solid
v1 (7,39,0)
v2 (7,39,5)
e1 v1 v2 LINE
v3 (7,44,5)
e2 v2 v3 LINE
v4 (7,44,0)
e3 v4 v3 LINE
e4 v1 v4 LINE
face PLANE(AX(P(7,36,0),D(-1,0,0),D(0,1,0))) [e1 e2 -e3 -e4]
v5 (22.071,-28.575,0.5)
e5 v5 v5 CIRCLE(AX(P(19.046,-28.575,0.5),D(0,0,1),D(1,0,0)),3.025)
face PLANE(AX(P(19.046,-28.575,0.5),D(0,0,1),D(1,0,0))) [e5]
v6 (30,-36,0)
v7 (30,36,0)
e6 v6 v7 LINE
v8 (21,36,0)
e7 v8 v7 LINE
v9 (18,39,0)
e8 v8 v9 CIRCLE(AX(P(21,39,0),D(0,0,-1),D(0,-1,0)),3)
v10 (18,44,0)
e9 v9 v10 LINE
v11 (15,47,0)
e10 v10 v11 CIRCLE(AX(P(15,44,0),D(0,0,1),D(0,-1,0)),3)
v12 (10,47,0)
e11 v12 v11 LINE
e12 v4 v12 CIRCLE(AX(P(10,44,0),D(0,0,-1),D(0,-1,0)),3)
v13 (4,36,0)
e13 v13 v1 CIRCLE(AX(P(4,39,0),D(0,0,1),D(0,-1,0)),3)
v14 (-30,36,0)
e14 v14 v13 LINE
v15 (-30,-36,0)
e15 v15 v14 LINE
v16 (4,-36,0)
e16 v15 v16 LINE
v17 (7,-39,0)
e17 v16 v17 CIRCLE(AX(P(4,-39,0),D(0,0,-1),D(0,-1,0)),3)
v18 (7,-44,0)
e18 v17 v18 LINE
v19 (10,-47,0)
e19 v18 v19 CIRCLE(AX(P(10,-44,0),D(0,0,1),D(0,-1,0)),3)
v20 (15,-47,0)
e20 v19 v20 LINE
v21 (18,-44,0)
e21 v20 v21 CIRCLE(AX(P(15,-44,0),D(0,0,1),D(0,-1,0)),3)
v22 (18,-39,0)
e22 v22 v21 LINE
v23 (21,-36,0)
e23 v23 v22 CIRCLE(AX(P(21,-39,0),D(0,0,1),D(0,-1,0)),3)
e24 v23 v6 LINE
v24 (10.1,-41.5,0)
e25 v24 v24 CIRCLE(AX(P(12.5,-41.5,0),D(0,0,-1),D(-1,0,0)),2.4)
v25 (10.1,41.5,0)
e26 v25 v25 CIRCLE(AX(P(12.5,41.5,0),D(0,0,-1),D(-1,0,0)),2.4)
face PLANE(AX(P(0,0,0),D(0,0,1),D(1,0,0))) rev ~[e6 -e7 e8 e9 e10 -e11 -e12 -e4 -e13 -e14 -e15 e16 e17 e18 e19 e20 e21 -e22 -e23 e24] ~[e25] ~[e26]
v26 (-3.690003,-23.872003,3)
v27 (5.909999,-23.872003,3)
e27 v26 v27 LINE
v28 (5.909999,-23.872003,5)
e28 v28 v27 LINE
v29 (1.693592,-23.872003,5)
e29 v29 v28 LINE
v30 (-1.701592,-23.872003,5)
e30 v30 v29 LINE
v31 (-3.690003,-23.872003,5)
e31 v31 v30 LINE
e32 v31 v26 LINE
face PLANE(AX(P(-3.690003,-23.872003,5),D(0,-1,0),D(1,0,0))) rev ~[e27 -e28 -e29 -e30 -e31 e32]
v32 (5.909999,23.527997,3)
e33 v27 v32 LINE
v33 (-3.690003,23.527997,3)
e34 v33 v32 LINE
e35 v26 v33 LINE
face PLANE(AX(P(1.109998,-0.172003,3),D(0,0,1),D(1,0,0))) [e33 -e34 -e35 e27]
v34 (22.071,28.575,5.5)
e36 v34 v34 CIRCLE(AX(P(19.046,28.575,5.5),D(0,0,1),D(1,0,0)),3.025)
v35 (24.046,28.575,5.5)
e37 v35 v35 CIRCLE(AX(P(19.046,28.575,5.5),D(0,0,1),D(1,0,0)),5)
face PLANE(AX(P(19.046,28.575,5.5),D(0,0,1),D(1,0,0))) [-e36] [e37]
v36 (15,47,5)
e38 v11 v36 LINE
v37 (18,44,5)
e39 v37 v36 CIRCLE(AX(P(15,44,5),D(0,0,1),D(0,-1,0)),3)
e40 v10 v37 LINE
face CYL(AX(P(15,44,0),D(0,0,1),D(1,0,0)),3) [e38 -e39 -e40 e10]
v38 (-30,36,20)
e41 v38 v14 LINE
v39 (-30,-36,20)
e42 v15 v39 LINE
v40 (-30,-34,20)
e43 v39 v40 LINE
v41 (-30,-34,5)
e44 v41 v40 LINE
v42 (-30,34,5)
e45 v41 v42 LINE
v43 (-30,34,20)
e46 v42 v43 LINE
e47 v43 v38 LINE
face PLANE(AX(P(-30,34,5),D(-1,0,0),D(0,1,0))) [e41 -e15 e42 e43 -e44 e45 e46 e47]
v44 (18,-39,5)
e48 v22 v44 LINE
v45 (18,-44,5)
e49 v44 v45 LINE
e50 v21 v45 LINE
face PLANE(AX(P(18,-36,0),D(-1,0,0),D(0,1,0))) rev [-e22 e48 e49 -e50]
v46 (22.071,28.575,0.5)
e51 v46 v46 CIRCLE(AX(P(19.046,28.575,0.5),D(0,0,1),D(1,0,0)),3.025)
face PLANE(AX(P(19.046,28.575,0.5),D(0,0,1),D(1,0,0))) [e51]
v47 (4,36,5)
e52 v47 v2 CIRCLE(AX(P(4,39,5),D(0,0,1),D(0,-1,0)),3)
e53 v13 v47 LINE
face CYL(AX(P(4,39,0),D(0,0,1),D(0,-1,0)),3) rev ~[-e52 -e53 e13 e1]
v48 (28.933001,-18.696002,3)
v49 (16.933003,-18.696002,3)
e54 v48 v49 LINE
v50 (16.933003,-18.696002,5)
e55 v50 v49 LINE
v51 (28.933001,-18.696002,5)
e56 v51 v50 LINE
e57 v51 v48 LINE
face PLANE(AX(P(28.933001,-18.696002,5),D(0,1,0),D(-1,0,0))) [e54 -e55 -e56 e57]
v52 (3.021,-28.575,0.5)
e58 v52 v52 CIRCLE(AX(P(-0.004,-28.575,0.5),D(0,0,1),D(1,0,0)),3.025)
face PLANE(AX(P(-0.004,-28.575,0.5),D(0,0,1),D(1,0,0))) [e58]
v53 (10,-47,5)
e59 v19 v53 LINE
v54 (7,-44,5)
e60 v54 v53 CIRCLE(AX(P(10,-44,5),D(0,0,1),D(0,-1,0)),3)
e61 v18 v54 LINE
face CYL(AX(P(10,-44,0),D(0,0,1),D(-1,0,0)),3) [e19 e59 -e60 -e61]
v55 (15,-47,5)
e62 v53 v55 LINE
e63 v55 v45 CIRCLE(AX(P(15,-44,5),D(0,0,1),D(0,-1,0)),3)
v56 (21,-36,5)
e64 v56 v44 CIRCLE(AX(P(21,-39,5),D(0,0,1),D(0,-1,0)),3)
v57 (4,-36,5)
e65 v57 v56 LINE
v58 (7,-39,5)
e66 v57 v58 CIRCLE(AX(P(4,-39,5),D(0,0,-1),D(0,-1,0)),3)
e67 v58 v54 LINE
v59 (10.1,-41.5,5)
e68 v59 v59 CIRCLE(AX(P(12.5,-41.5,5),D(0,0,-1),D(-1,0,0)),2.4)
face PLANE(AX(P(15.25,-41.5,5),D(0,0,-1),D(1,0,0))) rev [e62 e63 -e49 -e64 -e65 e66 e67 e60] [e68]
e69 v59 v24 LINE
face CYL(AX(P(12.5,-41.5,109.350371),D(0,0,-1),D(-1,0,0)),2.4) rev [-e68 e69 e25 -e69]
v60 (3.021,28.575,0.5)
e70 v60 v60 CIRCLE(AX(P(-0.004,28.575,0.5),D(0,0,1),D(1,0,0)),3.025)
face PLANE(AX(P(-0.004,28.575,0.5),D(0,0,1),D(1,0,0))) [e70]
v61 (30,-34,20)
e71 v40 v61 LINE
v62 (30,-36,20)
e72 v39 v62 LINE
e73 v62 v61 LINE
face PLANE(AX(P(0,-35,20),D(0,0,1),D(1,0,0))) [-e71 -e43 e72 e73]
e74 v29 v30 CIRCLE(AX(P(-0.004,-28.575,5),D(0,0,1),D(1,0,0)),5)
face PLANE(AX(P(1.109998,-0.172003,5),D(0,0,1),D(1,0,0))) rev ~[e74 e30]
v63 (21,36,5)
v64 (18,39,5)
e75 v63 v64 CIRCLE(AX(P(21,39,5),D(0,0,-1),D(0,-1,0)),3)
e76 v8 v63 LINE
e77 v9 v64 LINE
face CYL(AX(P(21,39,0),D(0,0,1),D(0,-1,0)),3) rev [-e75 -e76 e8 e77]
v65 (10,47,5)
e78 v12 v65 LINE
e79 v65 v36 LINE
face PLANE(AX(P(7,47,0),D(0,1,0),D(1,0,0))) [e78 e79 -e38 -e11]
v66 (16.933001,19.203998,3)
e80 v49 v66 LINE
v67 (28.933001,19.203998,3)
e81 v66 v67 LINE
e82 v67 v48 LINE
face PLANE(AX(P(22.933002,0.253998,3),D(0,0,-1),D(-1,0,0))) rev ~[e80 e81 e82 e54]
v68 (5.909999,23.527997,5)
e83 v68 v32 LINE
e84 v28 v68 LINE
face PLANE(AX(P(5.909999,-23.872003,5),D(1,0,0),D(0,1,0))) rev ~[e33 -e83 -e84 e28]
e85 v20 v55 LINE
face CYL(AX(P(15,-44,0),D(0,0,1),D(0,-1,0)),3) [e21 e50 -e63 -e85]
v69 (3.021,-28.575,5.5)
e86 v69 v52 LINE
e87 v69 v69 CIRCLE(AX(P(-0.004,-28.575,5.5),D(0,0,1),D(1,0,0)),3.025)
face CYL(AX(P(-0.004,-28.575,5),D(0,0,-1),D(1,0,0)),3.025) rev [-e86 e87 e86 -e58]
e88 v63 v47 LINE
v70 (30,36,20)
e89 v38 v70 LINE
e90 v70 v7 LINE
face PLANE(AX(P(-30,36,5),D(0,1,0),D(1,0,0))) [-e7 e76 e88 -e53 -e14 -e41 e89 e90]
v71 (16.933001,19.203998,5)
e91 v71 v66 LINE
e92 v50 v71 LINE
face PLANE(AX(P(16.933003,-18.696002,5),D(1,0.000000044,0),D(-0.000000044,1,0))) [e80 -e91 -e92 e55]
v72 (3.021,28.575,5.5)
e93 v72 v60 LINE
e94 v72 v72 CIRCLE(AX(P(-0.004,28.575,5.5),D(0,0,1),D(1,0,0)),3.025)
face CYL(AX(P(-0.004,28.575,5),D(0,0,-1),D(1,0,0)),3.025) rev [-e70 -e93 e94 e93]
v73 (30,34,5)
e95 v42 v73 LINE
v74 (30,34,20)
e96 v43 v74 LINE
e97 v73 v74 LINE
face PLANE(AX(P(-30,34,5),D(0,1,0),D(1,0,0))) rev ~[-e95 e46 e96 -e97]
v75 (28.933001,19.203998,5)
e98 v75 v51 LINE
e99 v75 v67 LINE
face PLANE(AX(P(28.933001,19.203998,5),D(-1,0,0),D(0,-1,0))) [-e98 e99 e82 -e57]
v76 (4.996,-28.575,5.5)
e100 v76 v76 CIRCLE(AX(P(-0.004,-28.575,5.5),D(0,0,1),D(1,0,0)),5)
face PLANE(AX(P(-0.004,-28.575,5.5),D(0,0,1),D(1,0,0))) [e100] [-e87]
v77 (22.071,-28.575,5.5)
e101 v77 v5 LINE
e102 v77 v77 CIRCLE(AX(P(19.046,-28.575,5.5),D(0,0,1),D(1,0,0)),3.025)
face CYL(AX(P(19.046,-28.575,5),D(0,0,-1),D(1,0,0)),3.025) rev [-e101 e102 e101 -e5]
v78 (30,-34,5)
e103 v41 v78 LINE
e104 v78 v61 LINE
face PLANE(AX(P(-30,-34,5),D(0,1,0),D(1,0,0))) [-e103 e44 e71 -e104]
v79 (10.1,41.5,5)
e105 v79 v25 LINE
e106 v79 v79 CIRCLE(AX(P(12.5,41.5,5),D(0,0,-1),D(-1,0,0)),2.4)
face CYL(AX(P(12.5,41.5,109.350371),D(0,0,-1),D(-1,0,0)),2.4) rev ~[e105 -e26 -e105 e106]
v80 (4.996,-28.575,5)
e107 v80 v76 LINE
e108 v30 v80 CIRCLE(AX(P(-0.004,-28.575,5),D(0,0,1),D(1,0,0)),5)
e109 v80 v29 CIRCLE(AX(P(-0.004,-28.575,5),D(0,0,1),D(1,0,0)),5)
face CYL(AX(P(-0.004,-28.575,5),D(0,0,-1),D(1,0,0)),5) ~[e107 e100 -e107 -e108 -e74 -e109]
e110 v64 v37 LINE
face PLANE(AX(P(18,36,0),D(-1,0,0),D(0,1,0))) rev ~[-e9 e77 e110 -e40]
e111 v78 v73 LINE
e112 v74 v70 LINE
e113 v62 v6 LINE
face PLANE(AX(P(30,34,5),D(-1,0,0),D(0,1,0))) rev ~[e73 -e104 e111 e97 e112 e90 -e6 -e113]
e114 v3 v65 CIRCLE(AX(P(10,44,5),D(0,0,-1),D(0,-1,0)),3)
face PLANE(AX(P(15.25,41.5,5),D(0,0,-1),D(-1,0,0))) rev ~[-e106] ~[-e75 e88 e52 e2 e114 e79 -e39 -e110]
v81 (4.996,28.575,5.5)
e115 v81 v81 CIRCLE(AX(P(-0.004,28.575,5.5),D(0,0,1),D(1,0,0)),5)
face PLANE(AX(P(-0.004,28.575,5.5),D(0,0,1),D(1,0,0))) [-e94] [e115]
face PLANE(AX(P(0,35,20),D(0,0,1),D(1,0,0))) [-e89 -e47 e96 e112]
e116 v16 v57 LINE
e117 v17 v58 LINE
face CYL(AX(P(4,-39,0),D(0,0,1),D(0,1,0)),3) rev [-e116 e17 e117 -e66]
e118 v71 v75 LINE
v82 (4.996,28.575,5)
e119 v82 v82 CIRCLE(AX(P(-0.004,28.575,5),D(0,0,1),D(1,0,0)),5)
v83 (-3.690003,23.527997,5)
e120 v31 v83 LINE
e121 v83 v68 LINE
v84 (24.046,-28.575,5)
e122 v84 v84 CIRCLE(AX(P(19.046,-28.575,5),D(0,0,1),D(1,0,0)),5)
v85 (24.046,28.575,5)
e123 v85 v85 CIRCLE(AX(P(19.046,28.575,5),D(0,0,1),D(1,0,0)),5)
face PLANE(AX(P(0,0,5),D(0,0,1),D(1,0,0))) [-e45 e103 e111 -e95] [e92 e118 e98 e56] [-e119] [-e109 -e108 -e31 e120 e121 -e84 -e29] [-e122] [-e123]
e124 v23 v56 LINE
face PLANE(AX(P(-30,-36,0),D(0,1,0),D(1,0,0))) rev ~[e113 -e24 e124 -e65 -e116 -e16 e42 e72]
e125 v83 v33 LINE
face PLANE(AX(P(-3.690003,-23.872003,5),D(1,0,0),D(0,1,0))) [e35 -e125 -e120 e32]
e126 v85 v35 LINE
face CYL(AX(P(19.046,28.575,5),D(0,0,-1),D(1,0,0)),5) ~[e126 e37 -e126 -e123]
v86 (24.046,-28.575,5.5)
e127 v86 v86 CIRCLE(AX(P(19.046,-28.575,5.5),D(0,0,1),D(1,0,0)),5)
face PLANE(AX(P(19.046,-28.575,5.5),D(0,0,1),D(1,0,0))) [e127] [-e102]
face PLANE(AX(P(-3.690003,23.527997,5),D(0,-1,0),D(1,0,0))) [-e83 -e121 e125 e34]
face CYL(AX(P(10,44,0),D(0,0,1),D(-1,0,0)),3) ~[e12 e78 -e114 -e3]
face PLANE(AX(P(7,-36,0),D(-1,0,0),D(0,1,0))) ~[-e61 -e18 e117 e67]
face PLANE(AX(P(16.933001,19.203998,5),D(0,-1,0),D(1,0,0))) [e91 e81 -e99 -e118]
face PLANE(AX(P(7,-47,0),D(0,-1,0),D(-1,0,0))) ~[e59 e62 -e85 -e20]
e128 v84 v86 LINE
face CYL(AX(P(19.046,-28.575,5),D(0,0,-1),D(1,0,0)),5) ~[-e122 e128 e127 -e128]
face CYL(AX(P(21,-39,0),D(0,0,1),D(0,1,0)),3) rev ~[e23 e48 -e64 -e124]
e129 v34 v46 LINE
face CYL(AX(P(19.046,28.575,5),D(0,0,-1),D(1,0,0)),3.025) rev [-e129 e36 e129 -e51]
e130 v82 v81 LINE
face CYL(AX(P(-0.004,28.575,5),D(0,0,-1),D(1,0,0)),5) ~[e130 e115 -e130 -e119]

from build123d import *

# Parameters (mm, degrees)
SKETCH3_W            = 60
SKETCH3_H            = 72
BOSS_EXTRUDE1_DEPTH  = 5
SKETCH5_R            = 5
SKETCH5_R_2          = 3.025
BOSS_EXTRUDE2_DEPTH  = 0.5
CUT_EXTRUDE1_START   = -4.5
SKETCH6_R            = 3.025
CUT_EXTRUDE1_DEPTH   = 4.5
SKETCH8_W            = 9.600002072
SKETCH8_H            = 47.399999581
CUT_EXTRUDE2_DEPTH   = 2
SKETCH10_W           = 60
SKETCH10_H           = 2
BOSS_EXTRUDE3_DEPTH  = 15
SKETCH11_W           = 5.5
SKETCH11_H           = 11
BOSS_EXTRUDE4_DEPTH  = 5
M4_CLEARANCE_HOLE1_D = 4.8
FILLET2_R            = 3


with BuildPart() as part:
    # Sketch3 → Boss-Extrude1 (new body)
    with BuildSketch(Plane.XY):
        Rectangle(SKETCH3_W, SKETCH3_H)
    extrude(amount=BOSS_EXTRUDE1_DEPTH)

    # Sketch5 → Boss-Extrude2 (add)
    # profile 1 of 4: a face of its own
    with BuildSketch(Plane.XY.offset(5)):
        with Locations((19.046, 28.575)):
            Circle(SKETCH5_R)
        with Locations((19.046, 28.575)):
            Circle(SKETCH5_R_2, mode=Mode.SUBTRACT)
    # profile 2 of 4: a face of its own
    with BuildSketch(Plane.XY.offset(5)):
        with Locations((19.046, -28.575)):
            Circle(SKETCH5_R)
        with Locations((19.046, -28.575)):
            Circle(SKETCH5_R_2, mode=Mode.SUBTRACT)
    # profile 3 of 4: a face of its own
    with BuildSketch(Plane.XY.offset(5)):
        with Locations((-0.004, -28.575)):
            Circle(SKETCH5_R)
        with Locations((-0.004, -28.575)):
            Circle(SKETCH5_R_2, mode=Mode.SUBTRACT)
    # profile 4 of 4: a face of its own
    with BuildSketch(Plane.XY.offset(5)):
        with Locations((-0.004, 28.575)):
            Circle(SKETCH5_R)
        with Locations((-0.004, 28.575)):
            Circle(SKETCH5_R_2, mode=Mode.SUBTRACT)
    extrude(amount=BOSS_EXTRUDE2_DEPTH)

    # Sketch6 → Cut-Extrude1 (cut)
    with BuildSketch(Plane.XY.offset(5).offset(CUT_EXTRUDE1_START)):
        with Locations((-0.004, 28.575)):
            Circle(SKETCH6_R)
        with Locations((19.046, 28.575)):
            Circle(SKETCH6_R)
        with Locations((-0.004, -28.575)):
            Circle(SKETCH6_R)
        with Locations((19.046, -28.575)):
            Circle(SKETCH6_R)
    extrude(amount=CUT_EXTRUDE1_DEPTH, mode=Mode.SUBTRACT)

    # Sketch8 → Cut-Extrude2 (cut)
    with BuildSketch(Plane.XY.offset(5)):
        with Locations((1.109998413, -0.172003205)):
            Rectangle(SKETCH8_W, SKETCH8_H)
        Polygon((16.933001492, 19.203997676), (28.933001492, 19.203997676), (28.933001492, -18.696002324), (16.933003148, -18.696002324), align=None)
    extrude(amount=-CUT_EXTRUDE2_DEPTH, mode=Mode.SUBTRACT)

    # Sketch10 → Boss-Extrude3 (add)
    with BuildSketch(Plane.XY.offset(5)):
        with Locations((0, 35)):
            Rectangle(SKETCH10_W, SKETCH10_H)
        with Locations((0, -35)):
            Rectangle(SKETCH10_W, SKETCH10_H)
    extrude(amount=BOSS_EXTRUDE3_DEPTH)

    # Sketch11 → Boss-Extrude4 (add)
    with BuildSketch(Plane(origin=(0, 0, 0), x_dir=(-1, 0, 0), z_dir=(0, 0, -1))):
        with Locations((-15.25, 41.5)):
            Rectangle(SKETCH11_W, SKETCH11_H)
        with Locations((-9.75, 41.5)):
            Rectangle(SKETCH11_W, SKETCH11_H)
    boss_extrude4 = extrude(amount=-BOSS_EXTRUDE4_DEPTH)

    # M4 Clearance Hole1 (through all)
    with Locations(Plane.XY.offset(5)):
        with Locations((12.5, 41.5)):
            m4_clearance_hole1 = Hole(M4_CLEARANCE_HOLE1_D / 2)

    # Mirror1: Boss-Extrude4, M4 Clearance Hole1 across plane
    add(boss_extrude4.mirror(Plane.ZX))
    add(m4_clearance_hole1.mirror(Plane.ZX), mode=Mode.SUBTRACT)

    # Fillet2
    fillet2_edges = [part.edges().sort_by_distance(p)[0] for p in [
        (7, 36, 2.5),
        (18, 36, 2.5),
        (18, 47, 2.5),
        (7, 47, 2.5),
        (18, -36, 2.5),
        (7, -36, 2.5),
        (7, -47, 2.5),
        (18, -47, 2.5),
    ]]
    fillet(fillet2_edges, radius=FILLET2_R)


solid = part.part
